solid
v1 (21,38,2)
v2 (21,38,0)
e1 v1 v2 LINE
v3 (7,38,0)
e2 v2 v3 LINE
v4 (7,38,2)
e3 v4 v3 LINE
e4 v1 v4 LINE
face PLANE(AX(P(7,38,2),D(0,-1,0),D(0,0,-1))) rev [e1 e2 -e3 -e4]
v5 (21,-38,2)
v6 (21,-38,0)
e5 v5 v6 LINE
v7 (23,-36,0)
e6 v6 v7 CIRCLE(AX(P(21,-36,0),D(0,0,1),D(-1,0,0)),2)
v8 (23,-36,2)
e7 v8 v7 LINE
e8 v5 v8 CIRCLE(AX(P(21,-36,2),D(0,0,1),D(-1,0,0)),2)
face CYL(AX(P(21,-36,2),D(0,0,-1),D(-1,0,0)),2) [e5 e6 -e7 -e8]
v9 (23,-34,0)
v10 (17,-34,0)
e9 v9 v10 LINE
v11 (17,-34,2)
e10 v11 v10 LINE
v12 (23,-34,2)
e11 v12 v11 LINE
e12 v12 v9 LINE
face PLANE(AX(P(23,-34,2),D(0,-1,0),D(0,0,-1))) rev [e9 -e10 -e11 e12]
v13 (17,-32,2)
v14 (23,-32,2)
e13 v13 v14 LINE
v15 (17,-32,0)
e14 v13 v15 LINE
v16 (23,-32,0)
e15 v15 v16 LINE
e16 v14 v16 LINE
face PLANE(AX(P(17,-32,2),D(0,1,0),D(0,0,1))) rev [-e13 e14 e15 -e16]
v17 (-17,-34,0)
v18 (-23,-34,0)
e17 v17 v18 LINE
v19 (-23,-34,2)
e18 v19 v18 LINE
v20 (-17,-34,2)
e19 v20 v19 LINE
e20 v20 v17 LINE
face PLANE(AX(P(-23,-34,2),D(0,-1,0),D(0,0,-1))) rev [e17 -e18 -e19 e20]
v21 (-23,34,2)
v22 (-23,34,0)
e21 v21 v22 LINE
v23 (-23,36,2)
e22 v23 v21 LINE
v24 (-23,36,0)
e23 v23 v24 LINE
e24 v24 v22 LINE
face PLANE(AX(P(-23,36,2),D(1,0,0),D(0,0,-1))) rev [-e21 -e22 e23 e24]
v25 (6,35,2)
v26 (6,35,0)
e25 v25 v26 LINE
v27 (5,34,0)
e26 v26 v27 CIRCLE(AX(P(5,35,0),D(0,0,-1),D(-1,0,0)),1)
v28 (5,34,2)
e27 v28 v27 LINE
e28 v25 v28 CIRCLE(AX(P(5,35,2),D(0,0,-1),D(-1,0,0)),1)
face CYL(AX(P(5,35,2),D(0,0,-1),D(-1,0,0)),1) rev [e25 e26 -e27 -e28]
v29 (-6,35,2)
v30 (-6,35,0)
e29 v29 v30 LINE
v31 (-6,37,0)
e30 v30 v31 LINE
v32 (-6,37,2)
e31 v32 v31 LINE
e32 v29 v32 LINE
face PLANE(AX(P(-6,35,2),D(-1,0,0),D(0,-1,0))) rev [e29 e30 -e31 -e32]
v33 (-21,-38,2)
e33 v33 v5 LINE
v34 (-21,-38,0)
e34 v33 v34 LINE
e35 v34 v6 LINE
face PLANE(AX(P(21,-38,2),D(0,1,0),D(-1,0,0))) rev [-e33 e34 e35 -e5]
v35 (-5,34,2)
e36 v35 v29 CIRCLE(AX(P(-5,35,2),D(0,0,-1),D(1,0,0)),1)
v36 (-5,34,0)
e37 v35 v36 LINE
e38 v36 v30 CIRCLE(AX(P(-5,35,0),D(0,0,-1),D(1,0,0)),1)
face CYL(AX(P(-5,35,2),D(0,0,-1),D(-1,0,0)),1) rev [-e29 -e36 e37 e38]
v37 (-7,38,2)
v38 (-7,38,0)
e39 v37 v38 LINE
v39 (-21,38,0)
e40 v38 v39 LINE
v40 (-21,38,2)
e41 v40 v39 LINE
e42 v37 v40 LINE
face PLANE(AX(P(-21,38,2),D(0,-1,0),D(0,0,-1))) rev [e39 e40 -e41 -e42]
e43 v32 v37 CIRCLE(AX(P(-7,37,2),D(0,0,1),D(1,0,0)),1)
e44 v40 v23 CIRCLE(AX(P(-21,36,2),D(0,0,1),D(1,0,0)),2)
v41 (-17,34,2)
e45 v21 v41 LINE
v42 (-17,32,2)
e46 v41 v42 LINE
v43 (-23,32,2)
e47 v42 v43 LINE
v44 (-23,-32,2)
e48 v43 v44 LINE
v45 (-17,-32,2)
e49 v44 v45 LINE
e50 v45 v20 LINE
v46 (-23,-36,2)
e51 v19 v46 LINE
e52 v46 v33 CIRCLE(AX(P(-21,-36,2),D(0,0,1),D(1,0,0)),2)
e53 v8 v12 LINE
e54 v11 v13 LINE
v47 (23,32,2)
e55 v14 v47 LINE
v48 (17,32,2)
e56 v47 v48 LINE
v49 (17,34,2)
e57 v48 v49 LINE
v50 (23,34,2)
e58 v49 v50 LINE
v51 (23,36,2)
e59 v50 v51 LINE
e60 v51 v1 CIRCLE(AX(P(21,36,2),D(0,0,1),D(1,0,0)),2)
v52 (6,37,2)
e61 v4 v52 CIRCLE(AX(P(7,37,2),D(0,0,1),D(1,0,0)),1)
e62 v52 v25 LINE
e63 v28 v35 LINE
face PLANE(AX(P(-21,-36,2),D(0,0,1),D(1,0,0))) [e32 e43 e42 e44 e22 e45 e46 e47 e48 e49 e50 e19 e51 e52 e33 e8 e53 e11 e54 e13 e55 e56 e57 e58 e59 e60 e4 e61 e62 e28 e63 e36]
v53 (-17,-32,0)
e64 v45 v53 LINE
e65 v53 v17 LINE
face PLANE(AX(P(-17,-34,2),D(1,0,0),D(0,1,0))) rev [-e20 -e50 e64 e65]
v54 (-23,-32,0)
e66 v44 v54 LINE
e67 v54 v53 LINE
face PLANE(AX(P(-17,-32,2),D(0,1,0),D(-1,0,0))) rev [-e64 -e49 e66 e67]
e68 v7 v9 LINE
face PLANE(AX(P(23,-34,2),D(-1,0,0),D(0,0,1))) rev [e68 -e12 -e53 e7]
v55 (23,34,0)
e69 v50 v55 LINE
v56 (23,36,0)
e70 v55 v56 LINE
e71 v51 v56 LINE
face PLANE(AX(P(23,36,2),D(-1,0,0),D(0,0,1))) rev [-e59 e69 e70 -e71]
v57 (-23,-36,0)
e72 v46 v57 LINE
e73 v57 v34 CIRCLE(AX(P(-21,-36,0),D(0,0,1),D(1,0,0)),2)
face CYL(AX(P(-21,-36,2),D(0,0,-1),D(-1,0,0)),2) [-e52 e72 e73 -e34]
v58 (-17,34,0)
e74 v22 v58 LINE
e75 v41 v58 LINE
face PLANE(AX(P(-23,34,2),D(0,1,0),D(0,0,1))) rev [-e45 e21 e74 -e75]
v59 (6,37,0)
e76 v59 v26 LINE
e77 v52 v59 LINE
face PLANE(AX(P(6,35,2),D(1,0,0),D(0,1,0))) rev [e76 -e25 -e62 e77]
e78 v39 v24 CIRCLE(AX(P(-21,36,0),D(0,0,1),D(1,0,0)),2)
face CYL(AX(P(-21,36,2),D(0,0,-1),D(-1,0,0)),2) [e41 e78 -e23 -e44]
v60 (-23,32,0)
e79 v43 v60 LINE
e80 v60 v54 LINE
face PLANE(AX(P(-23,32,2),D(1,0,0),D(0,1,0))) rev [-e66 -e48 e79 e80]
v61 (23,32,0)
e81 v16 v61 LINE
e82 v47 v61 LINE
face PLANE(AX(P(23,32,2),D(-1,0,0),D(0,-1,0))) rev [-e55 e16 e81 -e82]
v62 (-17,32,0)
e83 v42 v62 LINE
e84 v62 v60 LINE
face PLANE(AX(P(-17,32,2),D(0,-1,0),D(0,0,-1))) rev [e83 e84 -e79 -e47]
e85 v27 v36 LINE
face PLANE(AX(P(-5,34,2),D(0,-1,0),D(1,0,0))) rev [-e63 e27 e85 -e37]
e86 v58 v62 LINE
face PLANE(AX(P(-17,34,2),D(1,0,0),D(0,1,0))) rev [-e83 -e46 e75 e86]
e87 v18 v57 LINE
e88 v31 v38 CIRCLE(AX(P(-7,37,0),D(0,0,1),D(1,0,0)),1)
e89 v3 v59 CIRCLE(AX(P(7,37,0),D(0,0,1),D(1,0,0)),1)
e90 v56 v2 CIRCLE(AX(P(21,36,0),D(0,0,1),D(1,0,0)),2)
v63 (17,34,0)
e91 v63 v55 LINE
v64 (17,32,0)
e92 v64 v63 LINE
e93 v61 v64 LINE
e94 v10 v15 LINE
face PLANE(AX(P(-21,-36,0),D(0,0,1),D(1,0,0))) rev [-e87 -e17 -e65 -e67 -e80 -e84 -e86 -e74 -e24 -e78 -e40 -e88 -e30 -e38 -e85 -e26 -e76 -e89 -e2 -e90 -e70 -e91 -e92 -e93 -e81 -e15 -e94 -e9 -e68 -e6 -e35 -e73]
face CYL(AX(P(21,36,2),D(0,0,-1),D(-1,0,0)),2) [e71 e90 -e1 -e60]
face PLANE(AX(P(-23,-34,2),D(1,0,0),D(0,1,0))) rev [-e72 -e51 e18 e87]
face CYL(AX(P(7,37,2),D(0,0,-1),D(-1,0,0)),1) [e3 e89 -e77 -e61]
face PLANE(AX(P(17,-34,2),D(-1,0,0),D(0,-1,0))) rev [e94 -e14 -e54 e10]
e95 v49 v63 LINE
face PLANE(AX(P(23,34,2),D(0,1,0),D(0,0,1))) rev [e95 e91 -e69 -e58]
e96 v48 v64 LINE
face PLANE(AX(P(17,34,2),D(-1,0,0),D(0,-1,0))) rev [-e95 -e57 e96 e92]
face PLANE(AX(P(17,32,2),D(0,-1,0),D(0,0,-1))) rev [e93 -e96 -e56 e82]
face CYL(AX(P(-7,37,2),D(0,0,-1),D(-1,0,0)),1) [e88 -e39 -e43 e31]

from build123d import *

# Parameters (mm, degrees)
BOSS_EXTRUDE1_DEPTH = 2


with BuildPart() as part:
    # Sketch1 → Boss-Extrude1 (new body)
    with BuildSketch(Plane.XY):
        with BuildLine():
            Line((-21, 38), (-7, 38))
            ThreePointArc((-7, 38), (-6.292893219, 37.707106781), (-6, 37))
            Line((-6, 37), (-6, 35))
            ThreePointArc((-6, 35), (-5.707106781, 34.292893219), (-5, 34))
            Line((-5, 34), (5, 34))
            ThreePointArc((5, 34), (5.707106781, 34.292893219), (6, 35))
            Line((6, 35), (6, 37))
            ThreePointArc((6, 37), (6.292893219, 37.707106781), (7, 38))
            Line((7, 38), (21, 38))
            ThreePointArc((21, 38), (22.414213562, 37.414213562), (23, 36))
            Line((23, 36), (23, 34))
            Line((23, 34), (17, 34))
            Line((17, 34), (17, 32))
            Line((17, 32), (23, 32))
            Line((23, 32), (23, -32))
            Line((23, -32), (17, -32))
            Line((17, -32), (17, -34))
            Line((17, -34), (23, -34))
            Line((23, -34), (23, -36))
            ThreePointArc((23, -36), (22.414213562, -37.414213562), (21, -38))
            Line((21, -38), (-21, -38))
            ThreePointArc((-21, -38), (-22.414213562, -37.414213562), (-23, -36))
            Line((-23, -36), (-23, -34))
            Line((-23, -34), (-17, -34))
            Line((-17, -34), (-17, -32))
            Line((-17, -32), (-23, -32))
            Line((-23, -32), (-23, 32))
            Line((-23, 32), (-17, 32))
            Line((-17, 32), (-17, 34))
            Line((-17, 34), (-23, 34))
            Line((-23, 34), (-23, 36))
            ThreePointArc((-23, 36), (-22.414213562, 37.414213562), (-21, 38))
        make_face()
    extrude(amount=BOSS_EXTRUDE1_DEPTH)


solid = part.part
